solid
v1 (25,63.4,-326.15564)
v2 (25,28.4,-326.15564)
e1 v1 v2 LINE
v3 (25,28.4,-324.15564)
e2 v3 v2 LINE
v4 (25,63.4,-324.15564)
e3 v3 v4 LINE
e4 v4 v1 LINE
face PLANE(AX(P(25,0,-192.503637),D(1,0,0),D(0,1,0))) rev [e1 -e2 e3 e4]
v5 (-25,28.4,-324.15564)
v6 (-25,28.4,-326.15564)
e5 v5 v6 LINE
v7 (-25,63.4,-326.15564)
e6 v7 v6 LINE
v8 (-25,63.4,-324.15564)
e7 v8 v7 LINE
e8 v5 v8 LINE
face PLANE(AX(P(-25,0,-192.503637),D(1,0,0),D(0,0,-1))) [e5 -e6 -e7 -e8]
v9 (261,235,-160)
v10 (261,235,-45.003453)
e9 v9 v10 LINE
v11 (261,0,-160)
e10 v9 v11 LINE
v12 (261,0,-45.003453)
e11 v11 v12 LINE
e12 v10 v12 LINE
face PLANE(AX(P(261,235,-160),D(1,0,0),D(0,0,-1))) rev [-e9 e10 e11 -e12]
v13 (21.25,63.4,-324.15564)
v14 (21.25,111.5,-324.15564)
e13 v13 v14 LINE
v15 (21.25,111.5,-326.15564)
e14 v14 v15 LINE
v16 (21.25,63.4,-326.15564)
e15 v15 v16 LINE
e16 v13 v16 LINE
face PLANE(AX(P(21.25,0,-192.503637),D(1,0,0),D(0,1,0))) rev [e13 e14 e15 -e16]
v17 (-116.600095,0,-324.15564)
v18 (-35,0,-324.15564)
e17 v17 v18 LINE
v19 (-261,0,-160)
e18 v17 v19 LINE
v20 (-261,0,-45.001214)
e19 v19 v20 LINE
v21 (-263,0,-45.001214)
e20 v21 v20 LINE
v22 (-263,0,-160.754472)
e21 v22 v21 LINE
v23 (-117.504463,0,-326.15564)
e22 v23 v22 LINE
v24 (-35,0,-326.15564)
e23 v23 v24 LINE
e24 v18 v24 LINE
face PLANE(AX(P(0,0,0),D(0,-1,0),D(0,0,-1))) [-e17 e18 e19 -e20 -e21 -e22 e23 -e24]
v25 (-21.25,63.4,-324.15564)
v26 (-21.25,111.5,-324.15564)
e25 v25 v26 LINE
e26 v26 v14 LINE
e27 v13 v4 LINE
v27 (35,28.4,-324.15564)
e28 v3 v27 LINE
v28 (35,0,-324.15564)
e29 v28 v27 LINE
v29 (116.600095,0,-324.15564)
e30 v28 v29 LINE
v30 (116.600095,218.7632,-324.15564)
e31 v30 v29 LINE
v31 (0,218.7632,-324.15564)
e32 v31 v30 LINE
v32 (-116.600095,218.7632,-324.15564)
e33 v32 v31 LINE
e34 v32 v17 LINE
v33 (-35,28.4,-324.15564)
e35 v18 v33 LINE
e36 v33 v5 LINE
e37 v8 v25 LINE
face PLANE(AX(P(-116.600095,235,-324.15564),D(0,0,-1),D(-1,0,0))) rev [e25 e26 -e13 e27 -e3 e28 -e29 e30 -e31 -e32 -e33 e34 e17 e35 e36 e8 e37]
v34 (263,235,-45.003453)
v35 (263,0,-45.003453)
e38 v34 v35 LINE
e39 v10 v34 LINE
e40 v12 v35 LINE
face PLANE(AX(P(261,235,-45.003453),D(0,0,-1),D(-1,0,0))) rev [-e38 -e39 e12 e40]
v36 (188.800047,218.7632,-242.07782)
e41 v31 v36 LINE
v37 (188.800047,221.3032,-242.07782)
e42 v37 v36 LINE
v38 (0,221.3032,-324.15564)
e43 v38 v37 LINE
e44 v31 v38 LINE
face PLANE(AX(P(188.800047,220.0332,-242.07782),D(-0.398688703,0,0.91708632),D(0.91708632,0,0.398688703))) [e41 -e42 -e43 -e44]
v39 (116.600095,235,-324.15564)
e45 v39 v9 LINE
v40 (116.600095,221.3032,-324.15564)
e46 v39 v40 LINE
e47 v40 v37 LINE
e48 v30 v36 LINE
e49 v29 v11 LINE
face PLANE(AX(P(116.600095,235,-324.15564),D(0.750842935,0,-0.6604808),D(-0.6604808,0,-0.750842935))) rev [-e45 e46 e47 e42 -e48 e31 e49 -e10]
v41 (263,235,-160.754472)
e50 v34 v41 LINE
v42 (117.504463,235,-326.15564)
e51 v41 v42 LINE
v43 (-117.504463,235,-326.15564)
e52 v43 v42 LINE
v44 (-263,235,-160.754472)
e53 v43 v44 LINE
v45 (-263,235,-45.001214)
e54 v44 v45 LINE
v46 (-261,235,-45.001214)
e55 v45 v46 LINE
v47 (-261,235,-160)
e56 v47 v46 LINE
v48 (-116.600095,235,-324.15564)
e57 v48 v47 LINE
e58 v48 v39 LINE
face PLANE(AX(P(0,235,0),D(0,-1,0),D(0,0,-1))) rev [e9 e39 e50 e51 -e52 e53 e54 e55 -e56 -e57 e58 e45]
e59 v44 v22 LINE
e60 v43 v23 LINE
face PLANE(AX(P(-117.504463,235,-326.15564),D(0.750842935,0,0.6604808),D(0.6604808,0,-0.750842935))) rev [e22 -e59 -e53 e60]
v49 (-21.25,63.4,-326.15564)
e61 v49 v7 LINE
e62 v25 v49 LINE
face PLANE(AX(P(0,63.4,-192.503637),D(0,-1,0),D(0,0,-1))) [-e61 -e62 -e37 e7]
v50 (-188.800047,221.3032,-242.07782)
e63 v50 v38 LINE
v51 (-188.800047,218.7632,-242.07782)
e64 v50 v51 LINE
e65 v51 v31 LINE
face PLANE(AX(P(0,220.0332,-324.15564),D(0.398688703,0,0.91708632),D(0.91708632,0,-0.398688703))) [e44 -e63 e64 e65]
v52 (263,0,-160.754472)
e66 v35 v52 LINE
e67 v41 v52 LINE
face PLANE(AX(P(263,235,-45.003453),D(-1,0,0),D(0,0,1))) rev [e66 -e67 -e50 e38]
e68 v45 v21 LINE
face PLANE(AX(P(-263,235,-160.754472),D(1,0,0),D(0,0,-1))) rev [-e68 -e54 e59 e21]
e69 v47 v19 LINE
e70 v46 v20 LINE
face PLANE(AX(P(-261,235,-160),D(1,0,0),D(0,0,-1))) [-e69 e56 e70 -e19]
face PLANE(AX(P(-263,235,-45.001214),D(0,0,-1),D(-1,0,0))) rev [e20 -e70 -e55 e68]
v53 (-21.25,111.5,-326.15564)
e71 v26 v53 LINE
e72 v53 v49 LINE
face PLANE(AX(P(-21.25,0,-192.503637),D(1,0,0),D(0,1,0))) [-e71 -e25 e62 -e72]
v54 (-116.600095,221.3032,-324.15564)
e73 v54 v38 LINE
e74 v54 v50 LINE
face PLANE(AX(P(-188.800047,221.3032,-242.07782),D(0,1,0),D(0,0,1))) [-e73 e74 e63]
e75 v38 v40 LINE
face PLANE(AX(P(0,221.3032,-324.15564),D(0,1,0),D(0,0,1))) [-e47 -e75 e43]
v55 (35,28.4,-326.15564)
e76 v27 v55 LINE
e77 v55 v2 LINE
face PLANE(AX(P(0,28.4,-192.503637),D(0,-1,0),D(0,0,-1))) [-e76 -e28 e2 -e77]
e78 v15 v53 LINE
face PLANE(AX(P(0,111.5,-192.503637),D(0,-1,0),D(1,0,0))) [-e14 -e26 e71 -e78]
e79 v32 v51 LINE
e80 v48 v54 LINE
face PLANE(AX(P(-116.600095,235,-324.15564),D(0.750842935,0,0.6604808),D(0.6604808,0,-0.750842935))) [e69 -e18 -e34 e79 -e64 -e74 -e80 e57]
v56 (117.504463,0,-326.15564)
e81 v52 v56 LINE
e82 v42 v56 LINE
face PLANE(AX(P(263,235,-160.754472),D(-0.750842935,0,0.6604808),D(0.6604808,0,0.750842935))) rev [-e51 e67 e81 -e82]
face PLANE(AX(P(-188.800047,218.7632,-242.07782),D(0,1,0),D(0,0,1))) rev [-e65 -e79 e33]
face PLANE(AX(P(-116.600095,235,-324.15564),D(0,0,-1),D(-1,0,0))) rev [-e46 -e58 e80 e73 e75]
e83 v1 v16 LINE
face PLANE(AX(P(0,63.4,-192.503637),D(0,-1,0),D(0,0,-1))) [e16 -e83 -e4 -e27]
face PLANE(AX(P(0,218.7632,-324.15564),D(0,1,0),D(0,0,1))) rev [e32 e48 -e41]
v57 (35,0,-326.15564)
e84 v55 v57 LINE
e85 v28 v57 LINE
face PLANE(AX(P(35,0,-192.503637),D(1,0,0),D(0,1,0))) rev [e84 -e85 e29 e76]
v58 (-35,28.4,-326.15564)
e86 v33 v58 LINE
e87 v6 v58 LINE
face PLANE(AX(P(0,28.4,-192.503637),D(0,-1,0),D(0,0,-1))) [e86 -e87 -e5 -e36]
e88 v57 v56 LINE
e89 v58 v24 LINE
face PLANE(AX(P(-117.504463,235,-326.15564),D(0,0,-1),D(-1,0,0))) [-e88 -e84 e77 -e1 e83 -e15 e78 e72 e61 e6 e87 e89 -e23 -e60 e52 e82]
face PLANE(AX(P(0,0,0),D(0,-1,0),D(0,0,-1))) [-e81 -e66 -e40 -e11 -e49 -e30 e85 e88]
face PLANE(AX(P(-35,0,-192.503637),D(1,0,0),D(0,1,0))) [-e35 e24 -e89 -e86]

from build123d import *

# Parameters (mm, degrees)
BOSS_EXTRUDE5_DEPTH = 234.9999999
SKETCH4_W           = 42.5
SKETCH4_H           = 48.09999997
CUT_EXTRUDE1_DEPTH  = 2.000000064
RIB1_REACH          = 504.592
SKETCH9_WALLS_W     = 1213.053497679
SKETCH9_WALLS_H     = 2.54
RIB2_REACH          = 504.592
SKETCH8_WALLS_W     = 1213.053497679
SKETCH8_WALLS_H     = 2.54


with BuildPart() as part:
    # Sketch1 → Boss-Extrude5 (new body)
    with BuildSketch(Plane(origin=(0, 0, 0), x_dir=(1, 0, 0), z_dir=(0, 1, 0))):
        Polygon((-117.504462868, 326.155640462), (117.504462868, 326.155640462), (263.000000064, 160.754471715), (263.000000064, 45.003453118), (261, 45.003453118), (261, 160), (116.600094822, 324.155640398), (-116.600094822, 324.155640398), (-261, 160), (-261, 45.001214275), (-263.000000064, 45.001214275), (-263.000000064, 160.754471715), align=None)
    extrude(amount=BOSS_EXTRUDE5_DEPTH)

    # Sketch4 → Cut-Extrude1 (cut)
    with BuildSketch(Plane(origin=(0, 0, -326.155640462), x_dir=(-1, 0, 0), z_dir=(0, 0, -1))):
        with Locations((0, 87.449999931)):
            Rectangle(SKETCH4_W, SKETCH4_H)
        Polygon((-25, 63.399999946), (-25, 28.4), (25, 28.4), (25, 63.399999946), (21.25, 63.399999946), (-21.25, 63.399999946), align=None)
        Polygon((-25, 28.4), (-35, 28.4), (-35, 0), (35, 0), (35, 28.4), (25, 28.4), align=None)
    extrude(amount=-CUT_EXTRUDE1_DEPTH, mode=Mode.SUBTRACT)

    # Sketch9 walls → Rib1 (add, up to next)
    with BuildSketch(Plane(origin=(118.5216607, 0, -272.630231957), x_dir=(0.917086319794662, 0, 0.39868870318267463), z_dir=(-0.39868870318267463, 0, 0.917086319794662)), mode=Mode.PRIVATE) as rib1_sk1:
        with Locations((-26.302471723, 220.03320014)):
            Rectangle(SKETCH9_WALLS_W, SKETCH9_WALLS_H)
    rib1_tool1 = extrude(rib1_sk1.sketch, amount=-RIB1_REACH, mode=Mode.PRIVATE) - part.part
    add(rib1_tool1.solids().sort_by_distance((94.400023705, 220.03320014, -283.116730299))[0])

    # Sketch8 walls → Rib2 (add, up to next)
    with BuildSketch(Plane(origin=(-118.5216607, 0, -272.630231957), x_dir=(0.9170863197945202, 0, -0.39868870318300126), z_dir=(0.3986887031830012, 0, 0.91708631979452)), mode=Mode.PRIVATE) as rib2_sk1:
        with Locations((26.302471723, 220.03320014)):
            Rectangle(SKETCH8_WALLS_W, SKETCH8_WALLS_H)
    rib2_tool1 = extrude(rib2_sk1.sketch, amount=-RIB2_REACH, mode=Mode.PRIVATE) - part.part
    add(rib2_tool1.solids().sort_by_distance((-94.400023705, 220.03320014, -283.116730299))[0])


solid = part.part
